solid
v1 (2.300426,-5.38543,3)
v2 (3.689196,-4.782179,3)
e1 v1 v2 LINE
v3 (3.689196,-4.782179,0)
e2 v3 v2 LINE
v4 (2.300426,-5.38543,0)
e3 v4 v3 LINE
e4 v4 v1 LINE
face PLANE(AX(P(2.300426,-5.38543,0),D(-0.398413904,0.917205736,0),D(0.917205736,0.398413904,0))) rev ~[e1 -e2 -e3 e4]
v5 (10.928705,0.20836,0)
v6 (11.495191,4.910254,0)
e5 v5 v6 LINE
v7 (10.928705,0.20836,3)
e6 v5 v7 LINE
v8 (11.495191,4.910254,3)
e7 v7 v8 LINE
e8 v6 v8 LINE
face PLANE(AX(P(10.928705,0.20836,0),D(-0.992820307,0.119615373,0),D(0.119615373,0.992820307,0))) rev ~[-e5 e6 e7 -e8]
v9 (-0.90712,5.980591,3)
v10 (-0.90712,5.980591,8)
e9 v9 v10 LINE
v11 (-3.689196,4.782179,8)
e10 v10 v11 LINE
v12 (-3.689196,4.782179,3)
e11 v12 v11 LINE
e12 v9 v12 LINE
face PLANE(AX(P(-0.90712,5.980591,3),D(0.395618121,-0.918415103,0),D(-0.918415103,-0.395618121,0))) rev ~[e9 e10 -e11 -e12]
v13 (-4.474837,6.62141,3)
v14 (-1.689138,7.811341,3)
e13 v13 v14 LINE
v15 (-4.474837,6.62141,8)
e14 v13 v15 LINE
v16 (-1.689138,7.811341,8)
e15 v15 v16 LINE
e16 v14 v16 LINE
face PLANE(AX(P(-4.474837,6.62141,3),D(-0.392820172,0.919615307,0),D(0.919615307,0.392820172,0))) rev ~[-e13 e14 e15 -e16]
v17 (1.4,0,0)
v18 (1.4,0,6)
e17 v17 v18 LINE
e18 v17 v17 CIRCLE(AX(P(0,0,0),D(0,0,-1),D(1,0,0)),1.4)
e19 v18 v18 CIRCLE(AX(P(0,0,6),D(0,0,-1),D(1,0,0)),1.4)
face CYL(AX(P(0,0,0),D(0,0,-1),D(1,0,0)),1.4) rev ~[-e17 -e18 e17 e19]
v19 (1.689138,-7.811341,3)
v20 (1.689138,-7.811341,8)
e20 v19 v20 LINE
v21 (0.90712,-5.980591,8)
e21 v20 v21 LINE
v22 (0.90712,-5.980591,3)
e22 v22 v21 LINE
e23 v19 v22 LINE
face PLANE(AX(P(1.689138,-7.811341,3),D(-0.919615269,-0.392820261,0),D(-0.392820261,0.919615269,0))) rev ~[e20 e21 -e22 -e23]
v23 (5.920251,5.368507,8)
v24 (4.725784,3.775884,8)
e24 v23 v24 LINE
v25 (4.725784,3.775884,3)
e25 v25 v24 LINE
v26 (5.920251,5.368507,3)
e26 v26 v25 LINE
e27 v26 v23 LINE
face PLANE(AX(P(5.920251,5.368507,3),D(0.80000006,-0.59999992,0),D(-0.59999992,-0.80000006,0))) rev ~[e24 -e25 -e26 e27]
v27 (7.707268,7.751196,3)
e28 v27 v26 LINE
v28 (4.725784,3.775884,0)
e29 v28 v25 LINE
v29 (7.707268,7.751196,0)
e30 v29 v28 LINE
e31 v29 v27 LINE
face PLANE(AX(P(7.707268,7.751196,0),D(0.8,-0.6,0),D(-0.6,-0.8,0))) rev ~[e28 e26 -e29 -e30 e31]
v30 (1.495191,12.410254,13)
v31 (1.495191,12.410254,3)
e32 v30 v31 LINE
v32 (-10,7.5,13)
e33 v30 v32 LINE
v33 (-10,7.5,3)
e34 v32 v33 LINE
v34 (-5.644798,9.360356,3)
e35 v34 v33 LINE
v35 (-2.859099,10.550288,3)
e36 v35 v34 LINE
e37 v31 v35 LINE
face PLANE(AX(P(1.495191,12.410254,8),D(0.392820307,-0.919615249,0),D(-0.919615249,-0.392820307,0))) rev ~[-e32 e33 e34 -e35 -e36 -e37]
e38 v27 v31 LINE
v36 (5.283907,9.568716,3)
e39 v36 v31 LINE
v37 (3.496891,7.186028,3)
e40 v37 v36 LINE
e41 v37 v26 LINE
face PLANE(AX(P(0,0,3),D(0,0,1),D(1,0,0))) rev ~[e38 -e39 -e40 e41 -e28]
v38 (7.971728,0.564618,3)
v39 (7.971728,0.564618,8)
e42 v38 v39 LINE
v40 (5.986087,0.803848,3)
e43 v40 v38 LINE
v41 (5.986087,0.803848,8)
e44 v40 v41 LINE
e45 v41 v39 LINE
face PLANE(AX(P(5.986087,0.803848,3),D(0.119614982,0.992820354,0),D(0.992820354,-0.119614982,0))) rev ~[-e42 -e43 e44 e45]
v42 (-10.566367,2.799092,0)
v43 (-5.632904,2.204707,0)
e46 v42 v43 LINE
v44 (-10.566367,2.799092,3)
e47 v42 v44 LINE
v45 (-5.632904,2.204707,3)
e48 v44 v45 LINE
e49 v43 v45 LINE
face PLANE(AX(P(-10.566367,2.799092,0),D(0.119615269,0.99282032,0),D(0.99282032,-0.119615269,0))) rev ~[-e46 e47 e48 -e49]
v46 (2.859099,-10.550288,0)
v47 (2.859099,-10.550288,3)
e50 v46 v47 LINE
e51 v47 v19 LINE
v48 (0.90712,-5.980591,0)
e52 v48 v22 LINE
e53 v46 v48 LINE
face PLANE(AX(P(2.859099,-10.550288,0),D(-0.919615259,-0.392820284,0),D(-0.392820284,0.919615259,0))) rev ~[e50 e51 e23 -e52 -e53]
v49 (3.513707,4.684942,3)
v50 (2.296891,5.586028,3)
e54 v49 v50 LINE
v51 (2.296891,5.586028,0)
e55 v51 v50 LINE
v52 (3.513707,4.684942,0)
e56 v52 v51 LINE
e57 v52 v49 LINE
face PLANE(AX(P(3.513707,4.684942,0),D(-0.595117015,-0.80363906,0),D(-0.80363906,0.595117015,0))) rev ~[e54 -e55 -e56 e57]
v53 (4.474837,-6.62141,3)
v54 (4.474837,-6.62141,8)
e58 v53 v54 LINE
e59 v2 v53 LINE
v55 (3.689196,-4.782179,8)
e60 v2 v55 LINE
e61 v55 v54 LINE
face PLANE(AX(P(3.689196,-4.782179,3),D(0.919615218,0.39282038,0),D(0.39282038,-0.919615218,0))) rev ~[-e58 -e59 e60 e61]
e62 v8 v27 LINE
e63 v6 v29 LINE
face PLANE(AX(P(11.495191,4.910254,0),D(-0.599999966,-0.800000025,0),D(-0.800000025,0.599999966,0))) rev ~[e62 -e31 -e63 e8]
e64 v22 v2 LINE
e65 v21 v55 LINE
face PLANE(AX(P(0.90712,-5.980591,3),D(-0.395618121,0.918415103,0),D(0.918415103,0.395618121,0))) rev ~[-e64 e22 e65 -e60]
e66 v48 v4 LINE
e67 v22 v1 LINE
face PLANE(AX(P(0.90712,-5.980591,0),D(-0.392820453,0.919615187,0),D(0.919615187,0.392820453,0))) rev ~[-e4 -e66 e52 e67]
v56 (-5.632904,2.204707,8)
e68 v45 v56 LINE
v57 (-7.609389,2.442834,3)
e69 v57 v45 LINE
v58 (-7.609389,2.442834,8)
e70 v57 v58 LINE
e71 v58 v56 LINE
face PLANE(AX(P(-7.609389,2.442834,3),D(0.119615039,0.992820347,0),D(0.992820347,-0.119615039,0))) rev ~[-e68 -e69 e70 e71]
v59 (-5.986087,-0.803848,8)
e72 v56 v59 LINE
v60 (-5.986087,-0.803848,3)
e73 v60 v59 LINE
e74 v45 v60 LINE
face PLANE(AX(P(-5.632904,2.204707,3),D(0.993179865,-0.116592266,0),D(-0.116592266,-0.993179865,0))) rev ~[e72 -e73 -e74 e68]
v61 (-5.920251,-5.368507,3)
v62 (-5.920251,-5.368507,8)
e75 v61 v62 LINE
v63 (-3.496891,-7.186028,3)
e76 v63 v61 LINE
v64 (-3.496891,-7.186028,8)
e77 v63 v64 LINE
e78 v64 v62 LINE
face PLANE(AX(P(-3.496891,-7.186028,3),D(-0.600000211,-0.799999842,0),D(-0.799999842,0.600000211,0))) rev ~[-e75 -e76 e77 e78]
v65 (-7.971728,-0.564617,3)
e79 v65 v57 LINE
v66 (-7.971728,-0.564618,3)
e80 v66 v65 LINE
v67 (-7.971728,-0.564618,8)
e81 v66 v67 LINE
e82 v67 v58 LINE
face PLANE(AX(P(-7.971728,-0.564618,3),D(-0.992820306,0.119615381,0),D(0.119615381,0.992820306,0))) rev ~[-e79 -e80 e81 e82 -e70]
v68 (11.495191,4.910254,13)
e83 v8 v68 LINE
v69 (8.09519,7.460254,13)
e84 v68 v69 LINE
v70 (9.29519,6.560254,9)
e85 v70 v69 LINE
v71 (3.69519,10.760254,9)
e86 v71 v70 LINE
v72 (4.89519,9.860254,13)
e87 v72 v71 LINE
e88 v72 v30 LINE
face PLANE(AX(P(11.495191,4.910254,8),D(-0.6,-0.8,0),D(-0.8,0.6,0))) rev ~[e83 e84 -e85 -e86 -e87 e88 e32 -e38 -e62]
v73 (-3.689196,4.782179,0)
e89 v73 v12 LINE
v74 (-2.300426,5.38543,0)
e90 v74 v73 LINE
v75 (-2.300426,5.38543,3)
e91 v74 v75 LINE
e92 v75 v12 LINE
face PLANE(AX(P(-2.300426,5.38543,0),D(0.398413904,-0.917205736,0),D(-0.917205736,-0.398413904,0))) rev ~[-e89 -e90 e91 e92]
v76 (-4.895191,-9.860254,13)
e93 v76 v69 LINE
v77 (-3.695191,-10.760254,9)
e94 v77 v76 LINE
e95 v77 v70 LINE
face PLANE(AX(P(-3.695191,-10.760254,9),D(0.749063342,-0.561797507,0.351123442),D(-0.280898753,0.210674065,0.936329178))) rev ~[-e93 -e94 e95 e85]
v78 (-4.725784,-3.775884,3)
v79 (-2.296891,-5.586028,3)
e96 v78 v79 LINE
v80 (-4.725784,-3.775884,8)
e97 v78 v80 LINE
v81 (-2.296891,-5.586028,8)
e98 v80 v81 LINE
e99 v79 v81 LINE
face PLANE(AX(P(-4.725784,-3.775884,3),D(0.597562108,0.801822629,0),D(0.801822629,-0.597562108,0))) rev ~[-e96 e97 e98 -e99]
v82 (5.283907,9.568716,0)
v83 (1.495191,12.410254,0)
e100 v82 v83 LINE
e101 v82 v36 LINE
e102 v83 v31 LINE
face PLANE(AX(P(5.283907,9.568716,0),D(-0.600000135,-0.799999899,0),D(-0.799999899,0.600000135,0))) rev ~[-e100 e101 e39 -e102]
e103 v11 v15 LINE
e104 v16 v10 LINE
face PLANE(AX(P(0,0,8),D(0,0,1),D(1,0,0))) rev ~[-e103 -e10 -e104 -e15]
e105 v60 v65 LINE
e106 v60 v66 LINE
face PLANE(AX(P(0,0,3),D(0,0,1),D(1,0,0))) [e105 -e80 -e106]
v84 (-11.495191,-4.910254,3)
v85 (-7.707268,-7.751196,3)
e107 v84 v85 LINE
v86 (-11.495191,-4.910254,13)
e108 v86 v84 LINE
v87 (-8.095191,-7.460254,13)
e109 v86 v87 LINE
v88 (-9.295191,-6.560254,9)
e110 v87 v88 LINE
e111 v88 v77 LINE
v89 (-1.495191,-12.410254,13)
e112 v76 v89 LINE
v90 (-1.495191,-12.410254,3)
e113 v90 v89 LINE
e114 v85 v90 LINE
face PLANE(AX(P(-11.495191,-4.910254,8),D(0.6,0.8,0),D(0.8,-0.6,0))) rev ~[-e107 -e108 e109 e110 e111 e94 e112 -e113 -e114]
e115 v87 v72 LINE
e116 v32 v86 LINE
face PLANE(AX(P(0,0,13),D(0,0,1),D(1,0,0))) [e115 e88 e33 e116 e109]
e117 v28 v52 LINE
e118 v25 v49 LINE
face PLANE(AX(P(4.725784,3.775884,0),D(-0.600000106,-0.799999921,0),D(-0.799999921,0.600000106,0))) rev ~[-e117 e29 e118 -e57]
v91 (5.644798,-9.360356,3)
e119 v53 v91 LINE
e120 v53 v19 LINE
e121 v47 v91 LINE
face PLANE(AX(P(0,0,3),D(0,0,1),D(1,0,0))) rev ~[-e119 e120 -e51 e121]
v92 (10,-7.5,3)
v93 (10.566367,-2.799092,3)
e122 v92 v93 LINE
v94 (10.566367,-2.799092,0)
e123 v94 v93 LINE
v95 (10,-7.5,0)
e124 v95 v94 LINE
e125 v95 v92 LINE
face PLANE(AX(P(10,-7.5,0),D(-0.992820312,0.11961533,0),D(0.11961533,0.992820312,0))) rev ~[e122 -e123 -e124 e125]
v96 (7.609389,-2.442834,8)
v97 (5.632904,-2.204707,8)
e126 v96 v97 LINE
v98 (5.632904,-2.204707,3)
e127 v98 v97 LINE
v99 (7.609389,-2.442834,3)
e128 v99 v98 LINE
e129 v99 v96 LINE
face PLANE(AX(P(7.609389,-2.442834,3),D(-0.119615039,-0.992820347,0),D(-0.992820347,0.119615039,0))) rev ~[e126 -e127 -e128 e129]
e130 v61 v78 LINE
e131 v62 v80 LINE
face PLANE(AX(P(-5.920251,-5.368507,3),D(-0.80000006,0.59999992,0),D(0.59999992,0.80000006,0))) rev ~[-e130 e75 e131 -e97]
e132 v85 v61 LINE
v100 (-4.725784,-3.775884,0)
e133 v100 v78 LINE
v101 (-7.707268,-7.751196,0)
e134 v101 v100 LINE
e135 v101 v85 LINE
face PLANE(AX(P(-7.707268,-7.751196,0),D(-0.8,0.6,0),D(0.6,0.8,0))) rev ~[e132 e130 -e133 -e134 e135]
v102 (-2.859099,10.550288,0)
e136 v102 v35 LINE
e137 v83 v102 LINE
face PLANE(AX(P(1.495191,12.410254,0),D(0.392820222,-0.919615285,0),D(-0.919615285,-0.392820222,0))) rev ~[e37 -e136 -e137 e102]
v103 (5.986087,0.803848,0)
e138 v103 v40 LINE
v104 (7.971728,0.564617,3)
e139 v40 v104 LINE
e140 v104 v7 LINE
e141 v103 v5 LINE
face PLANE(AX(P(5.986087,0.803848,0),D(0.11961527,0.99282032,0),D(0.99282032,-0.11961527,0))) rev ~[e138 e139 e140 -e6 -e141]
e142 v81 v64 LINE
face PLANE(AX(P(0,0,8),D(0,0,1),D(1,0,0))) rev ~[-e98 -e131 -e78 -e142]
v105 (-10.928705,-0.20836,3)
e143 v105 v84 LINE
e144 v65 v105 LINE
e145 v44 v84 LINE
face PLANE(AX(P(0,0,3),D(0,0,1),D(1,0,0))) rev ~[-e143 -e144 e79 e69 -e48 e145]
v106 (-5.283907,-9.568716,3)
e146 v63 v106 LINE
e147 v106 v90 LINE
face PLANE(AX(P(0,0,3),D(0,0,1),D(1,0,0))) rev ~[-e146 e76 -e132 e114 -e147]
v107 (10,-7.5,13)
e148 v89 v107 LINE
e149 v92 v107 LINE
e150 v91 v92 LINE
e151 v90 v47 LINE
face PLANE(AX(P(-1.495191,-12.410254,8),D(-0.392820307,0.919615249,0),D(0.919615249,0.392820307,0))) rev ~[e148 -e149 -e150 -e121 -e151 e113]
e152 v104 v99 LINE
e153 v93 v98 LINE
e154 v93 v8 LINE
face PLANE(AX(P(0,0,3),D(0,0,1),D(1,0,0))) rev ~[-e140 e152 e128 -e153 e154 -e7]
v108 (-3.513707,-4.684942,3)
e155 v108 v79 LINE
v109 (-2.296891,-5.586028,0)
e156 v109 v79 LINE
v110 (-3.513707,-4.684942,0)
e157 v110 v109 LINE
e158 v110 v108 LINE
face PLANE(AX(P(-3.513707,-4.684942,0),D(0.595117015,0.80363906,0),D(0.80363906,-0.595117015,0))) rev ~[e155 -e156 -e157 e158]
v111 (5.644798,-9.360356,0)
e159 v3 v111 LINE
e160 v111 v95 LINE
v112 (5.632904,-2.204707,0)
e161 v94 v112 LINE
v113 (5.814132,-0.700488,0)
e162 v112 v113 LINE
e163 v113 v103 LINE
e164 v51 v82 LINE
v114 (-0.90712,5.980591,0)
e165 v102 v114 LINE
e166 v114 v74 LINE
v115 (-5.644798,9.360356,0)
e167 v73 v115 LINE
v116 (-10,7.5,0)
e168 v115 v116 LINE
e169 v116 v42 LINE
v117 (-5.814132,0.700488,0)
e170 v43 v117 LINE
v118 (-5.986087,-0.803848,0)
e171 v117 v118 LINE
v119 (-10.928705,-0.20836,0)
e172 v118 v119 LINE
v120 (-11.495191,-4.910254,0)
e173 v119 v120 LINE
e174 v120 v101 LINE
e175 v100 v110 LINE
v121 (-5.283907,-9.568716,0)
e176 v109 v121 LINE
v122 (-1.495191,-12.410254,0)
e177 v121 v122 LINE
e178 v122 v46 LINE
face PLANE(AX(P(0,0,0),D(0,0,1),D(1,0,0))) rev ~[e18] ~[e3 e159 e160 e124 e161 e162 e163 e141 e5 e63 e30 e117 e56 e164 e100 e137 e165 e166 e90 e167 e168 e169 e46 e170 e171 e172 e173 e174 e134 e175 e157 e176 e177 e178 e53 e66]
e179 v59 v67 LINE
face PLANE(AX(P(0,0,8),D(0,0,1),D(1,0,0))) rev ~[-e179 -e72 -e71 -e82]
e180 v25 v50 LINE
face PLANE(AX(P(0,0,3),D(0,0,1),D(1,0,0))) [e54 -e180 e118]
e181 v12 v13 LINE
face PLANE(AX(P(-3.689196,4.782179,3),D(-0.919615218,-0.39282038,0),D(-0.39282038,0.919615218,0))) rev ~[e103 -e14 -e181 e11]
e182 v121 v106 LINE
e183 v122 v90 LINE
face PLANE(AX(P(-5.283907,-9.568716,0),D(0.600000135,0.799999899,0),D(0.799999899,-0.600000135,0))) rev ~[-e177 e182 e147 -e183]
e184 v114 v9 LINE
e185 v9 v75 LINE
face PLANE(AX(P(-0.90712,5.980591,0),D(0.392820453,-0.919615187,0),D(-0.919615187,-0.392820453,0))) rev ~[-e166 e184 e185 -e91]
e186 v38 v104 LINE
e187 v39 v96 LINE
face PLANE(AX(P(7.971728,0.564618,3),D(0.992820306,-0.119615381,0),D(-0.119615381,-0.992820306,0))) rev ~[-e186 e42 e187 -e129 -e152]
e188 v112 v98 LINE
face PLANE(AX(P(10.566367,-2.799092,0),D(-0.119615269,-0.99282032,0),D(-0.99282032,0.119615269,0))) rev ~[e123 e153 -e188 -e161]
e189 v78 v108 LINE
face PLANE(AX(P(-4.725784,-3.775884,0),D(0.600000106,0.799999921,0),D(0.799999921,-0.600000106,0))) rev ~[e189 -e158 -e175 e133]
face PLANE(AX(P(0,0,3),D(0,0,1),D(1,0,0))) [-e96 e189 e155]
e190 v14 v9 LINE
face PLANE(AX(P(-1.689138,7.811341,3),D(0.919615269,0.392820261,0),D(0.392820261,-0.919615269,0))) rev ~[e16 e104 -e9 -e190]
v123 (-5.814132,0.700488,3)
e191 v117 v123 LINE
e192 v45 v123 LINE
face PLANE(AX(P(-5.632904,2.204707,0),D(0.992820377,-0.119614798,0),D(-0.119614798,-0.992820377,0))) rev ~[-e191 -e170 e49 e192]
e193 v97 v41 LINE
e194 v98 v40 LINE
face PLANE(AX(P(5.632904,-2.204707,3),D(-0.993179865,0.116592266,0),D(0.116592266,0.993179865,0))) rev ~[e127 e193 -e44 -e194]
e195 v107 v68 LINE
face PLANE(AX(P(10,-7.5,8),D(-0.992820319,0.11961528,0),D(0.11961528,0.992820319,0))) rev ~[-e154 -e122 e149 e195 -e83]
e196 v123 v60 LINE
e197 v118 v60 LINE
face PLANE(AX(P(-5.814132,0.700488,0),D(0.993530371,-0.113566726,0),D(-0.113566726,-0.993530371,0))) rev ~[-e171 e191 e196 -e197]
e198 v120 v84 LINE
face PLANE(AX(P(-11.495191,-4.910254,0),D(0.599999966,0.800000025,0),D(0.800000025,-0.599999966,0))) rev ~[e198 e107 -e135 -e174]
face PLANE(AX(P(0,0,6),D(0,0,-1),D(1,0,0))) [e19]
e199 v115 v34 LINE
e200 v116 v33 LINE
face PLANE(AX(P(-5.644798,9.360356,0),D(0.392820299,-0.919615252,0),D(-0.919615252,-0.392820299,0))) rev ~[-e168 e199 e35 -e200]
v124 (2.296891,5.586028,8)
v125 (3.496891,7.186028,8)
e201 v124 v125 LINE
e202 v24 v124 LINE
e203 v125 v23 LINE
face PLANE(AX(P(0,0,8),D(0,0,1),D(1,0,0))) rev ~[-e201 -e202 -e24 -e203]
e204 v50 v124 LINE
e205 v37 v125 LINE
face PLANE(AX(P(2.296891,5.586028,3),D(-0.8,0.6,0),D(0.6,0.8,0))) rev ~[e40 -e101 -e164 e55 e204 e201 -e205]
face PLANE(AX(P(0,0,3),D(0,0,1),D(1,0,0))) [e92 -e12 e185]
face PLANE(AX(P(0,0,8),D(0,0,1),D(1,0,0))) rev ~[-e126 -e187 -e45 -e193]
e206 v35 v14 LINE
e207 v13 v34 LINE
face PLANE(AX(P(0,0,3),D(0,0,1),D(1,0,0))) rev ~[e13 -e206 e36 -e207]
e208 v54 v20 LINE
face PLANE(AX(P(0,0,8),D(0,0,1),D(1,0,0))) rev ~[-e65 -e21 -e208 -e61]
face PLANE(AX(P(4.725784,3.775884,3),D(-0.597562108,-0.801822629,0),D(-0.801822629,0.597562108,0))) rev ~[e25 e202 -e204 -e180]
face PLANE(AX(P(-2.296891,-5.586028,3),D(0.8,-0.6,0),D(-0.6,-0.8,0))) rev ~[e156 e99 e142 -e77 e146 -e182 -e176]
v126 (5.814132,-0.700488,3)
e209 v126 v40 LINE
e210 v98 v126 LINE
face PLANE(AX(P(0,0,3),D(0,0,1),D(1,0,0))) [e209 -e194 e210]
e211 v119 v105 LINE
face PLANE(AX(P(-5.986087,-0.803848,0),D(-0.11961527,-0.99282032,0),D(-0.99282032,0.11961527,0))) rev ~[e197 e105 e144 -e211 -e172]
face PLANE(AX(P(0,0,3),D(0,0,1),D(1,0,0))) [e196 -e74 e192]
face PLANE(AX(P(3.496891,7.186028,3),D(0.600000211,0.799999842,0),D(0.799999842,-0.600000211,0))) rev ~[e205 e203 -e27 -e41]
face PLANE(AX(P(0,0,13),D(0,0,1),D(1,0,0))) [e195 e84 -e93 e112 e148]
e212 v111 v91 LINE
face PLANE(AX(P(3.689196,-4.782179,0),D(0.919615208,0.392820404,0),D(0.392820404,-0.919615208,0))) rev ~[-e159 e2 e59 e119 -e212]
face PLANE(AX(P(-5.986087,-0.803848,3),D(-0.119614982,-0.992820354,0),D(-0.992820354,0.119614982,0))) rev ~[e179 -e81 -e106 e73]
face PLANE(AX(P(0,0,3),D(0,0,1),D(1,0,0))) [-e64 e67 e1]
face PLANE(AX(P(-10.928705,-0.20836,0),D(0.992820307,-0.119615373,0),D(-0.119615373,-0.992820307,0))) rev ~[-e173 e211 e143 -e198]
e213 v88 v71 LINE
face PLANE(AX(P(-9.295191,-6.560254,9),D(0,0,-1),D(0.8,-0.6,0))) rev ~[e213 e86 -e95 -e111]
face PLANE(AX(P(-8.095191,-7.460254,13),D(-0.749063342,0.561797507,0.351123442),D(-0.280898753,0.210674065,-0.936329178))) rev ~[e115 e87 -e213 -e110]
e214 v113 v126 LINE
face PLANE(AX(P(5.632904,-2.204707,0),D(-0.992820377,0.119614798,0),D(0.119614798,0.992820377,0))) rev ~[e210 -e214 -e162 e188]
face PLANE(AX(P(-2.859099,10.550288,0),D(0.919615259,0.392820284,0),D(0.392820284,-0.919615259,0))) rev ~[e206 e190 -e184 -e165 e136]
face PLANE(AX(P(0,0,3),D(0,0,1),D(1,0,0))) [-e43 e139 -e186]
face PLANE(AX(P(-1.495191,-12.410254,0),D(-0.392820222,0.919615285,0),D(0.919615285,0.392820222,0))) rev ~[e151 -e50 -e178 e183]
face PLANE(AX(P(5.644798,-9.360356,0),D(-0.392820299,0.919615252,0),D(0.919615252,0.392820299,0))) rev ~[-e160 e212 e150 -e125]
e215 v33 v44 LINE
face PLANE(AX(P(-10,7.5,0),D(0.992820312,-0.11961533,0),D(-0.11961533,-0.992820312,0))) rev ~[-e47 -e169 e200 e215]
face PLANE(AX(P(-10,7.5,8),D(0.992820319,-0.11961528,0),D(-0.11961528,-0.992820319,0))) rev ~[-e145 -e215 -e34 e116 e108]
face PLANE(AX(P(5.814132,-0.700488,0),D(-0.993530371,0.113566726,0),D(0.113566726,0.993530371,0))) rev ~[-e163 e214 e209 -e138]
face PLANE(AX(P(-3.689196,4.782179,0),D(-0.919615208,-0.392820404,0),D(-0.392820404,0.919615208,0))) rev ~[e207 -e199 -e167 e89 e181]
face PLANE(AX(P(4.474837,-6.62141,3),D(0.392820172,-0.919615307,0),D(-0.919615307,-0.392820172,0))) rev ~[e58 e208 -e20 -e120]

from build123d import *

# Parameters (mm, degrees)
F1_DEPTH = 3
F3_DEPTH = 5
F5_DEPTH = 5
F7_DEPTH = 27.651635
F8_R     = 1.4
F9_DEPTH = 6


with BuildPart() as f1:
    # F0 (on Top) → F1 (new body)
    with BuildSketch(Plane.XY):
        Polygon((5.283907, 9.568716), (1.495191, 12.410254), (-2.859099, 10.550288), (-0.90712, 5.980591), (-2.300426, 5.38543), (-3.689196, 4.782179), (-5.644798, 9.360356), (-10, 7.5), (-10.566367, 2.799092), (-5.632904, 2.204707), (-5.814132, 0.700488), (-5.986087, -0.803848), (-10.928705, -0.20836), (-11.495191, -4.910254), (-7.707268, -7.751196), (-4.725784, -3.775884), (-3.513707, -4.684942), (-2.296891, -5.586028), (-5.283907, -9.568716), (-1.495191, -12.410254), (2.859099, -10.550288), (0.90712, -5.980591), (2.300426, -5.38543), (3.689196, -4.782179), (5.644798, -9.360356), (10, -7.5), (10.566367, -2.799092), (5.632904, -2.204707), (5.814132, -0.700488), (5.986087, 0.803848), (10.928705, 0.20836), (11.495191, 4.910254), (7.707268, 7.751196), (4.725784, 3.775884), (3.513707, 4.684942), (2.296891, 5.586028), align=None)
    extrude(amount=F1_DEPTH)

    # F2 (on face) → F3 (join)
    with BuildSketch(Plane.XY.offset(3)):
        Polygon((-10, 7.5), (-11.495191, -4.910254), (-1.495191, -12.410254), (10, -7.5), (11.495191, 4.910254), (1.495191, 12.410254), align=None)
        Polygon((-2.296891, -5.586028), (-3.496891, -7.186028), (-5.920251, -5.368507), (-4.725784, -3.775884), align=None, mode=Mode.SUBTRACT)
        Polygon((3.689196, -4.782179), (4.474837, -6.62141), (1.689138, -7.811341), (0.90712, -5.980591), align=None, mode=Mode.SUBTRACT)
        Polygon((5.986087, 0.803848), (7.971728, 0.564618), (7.609389, -2.442834), (5.632904, -2.204707), align=None, mode=Mode.SUBTRACT)
        Polygon((-5.986087, -0.803848), (-7.971728, -0.564618), (-7.609389, 2.442834), (-5.632904, 2.204707), align=None, mode=Mode.SUBTRACT)
        Polygon((-3.689196, 4.782179), (-4.474837, 6.62141), (-1.689138, 7.811341), (-0.90712, 5.980591), align=None, mode=Mode.SUBTRACT)
        Polygon((2.296891, 5.586028), (3.496891, 7.186028), (5.920251, 5.368507), (4.725784, 3.775884), align=None, mode=Mode.SUBTRACT)
    extrude(amount=F3_DEPTH)

    # F4 (on face) → F5 (join)
    with BuildSketch(Plane.XY.offset(8)):
        Polygon((-11.495191, -4.910254), (-1.495191, -12.410254), (10, -7.5), (11.495191, 4.910254), (1.495191, 12.410254), (-10, 7.5), align=None)
    extrude(amount=F5_DEPTH)

    # F6 (on face) → F7 (cut, through all)
    with BuildSketch(Plane(origin=(-6.495191, -8.660254, 0), x_dir=(0.8, -0.6, 0), z_dir=(-0.6, -0.8, 0))):
        Polygon((-3.5, 9), (3.5, 9), (2, 13), (-2, 13), align=None)
    extrude(amount=-F7_DEPTH, mode=Mode.SUBTRACT)

    # F8 (on face) → F9 (cut)
    with BuildSketch(Plane(origin=(0, 0, 0), x_dir=(1, 0, 0), z_dir=(0, 0, -1))):
        Circle(F8_R)
    extrude(amount=-F9_DEPTH, mode=Mode.SUBTRACT)


solid = f1.part
